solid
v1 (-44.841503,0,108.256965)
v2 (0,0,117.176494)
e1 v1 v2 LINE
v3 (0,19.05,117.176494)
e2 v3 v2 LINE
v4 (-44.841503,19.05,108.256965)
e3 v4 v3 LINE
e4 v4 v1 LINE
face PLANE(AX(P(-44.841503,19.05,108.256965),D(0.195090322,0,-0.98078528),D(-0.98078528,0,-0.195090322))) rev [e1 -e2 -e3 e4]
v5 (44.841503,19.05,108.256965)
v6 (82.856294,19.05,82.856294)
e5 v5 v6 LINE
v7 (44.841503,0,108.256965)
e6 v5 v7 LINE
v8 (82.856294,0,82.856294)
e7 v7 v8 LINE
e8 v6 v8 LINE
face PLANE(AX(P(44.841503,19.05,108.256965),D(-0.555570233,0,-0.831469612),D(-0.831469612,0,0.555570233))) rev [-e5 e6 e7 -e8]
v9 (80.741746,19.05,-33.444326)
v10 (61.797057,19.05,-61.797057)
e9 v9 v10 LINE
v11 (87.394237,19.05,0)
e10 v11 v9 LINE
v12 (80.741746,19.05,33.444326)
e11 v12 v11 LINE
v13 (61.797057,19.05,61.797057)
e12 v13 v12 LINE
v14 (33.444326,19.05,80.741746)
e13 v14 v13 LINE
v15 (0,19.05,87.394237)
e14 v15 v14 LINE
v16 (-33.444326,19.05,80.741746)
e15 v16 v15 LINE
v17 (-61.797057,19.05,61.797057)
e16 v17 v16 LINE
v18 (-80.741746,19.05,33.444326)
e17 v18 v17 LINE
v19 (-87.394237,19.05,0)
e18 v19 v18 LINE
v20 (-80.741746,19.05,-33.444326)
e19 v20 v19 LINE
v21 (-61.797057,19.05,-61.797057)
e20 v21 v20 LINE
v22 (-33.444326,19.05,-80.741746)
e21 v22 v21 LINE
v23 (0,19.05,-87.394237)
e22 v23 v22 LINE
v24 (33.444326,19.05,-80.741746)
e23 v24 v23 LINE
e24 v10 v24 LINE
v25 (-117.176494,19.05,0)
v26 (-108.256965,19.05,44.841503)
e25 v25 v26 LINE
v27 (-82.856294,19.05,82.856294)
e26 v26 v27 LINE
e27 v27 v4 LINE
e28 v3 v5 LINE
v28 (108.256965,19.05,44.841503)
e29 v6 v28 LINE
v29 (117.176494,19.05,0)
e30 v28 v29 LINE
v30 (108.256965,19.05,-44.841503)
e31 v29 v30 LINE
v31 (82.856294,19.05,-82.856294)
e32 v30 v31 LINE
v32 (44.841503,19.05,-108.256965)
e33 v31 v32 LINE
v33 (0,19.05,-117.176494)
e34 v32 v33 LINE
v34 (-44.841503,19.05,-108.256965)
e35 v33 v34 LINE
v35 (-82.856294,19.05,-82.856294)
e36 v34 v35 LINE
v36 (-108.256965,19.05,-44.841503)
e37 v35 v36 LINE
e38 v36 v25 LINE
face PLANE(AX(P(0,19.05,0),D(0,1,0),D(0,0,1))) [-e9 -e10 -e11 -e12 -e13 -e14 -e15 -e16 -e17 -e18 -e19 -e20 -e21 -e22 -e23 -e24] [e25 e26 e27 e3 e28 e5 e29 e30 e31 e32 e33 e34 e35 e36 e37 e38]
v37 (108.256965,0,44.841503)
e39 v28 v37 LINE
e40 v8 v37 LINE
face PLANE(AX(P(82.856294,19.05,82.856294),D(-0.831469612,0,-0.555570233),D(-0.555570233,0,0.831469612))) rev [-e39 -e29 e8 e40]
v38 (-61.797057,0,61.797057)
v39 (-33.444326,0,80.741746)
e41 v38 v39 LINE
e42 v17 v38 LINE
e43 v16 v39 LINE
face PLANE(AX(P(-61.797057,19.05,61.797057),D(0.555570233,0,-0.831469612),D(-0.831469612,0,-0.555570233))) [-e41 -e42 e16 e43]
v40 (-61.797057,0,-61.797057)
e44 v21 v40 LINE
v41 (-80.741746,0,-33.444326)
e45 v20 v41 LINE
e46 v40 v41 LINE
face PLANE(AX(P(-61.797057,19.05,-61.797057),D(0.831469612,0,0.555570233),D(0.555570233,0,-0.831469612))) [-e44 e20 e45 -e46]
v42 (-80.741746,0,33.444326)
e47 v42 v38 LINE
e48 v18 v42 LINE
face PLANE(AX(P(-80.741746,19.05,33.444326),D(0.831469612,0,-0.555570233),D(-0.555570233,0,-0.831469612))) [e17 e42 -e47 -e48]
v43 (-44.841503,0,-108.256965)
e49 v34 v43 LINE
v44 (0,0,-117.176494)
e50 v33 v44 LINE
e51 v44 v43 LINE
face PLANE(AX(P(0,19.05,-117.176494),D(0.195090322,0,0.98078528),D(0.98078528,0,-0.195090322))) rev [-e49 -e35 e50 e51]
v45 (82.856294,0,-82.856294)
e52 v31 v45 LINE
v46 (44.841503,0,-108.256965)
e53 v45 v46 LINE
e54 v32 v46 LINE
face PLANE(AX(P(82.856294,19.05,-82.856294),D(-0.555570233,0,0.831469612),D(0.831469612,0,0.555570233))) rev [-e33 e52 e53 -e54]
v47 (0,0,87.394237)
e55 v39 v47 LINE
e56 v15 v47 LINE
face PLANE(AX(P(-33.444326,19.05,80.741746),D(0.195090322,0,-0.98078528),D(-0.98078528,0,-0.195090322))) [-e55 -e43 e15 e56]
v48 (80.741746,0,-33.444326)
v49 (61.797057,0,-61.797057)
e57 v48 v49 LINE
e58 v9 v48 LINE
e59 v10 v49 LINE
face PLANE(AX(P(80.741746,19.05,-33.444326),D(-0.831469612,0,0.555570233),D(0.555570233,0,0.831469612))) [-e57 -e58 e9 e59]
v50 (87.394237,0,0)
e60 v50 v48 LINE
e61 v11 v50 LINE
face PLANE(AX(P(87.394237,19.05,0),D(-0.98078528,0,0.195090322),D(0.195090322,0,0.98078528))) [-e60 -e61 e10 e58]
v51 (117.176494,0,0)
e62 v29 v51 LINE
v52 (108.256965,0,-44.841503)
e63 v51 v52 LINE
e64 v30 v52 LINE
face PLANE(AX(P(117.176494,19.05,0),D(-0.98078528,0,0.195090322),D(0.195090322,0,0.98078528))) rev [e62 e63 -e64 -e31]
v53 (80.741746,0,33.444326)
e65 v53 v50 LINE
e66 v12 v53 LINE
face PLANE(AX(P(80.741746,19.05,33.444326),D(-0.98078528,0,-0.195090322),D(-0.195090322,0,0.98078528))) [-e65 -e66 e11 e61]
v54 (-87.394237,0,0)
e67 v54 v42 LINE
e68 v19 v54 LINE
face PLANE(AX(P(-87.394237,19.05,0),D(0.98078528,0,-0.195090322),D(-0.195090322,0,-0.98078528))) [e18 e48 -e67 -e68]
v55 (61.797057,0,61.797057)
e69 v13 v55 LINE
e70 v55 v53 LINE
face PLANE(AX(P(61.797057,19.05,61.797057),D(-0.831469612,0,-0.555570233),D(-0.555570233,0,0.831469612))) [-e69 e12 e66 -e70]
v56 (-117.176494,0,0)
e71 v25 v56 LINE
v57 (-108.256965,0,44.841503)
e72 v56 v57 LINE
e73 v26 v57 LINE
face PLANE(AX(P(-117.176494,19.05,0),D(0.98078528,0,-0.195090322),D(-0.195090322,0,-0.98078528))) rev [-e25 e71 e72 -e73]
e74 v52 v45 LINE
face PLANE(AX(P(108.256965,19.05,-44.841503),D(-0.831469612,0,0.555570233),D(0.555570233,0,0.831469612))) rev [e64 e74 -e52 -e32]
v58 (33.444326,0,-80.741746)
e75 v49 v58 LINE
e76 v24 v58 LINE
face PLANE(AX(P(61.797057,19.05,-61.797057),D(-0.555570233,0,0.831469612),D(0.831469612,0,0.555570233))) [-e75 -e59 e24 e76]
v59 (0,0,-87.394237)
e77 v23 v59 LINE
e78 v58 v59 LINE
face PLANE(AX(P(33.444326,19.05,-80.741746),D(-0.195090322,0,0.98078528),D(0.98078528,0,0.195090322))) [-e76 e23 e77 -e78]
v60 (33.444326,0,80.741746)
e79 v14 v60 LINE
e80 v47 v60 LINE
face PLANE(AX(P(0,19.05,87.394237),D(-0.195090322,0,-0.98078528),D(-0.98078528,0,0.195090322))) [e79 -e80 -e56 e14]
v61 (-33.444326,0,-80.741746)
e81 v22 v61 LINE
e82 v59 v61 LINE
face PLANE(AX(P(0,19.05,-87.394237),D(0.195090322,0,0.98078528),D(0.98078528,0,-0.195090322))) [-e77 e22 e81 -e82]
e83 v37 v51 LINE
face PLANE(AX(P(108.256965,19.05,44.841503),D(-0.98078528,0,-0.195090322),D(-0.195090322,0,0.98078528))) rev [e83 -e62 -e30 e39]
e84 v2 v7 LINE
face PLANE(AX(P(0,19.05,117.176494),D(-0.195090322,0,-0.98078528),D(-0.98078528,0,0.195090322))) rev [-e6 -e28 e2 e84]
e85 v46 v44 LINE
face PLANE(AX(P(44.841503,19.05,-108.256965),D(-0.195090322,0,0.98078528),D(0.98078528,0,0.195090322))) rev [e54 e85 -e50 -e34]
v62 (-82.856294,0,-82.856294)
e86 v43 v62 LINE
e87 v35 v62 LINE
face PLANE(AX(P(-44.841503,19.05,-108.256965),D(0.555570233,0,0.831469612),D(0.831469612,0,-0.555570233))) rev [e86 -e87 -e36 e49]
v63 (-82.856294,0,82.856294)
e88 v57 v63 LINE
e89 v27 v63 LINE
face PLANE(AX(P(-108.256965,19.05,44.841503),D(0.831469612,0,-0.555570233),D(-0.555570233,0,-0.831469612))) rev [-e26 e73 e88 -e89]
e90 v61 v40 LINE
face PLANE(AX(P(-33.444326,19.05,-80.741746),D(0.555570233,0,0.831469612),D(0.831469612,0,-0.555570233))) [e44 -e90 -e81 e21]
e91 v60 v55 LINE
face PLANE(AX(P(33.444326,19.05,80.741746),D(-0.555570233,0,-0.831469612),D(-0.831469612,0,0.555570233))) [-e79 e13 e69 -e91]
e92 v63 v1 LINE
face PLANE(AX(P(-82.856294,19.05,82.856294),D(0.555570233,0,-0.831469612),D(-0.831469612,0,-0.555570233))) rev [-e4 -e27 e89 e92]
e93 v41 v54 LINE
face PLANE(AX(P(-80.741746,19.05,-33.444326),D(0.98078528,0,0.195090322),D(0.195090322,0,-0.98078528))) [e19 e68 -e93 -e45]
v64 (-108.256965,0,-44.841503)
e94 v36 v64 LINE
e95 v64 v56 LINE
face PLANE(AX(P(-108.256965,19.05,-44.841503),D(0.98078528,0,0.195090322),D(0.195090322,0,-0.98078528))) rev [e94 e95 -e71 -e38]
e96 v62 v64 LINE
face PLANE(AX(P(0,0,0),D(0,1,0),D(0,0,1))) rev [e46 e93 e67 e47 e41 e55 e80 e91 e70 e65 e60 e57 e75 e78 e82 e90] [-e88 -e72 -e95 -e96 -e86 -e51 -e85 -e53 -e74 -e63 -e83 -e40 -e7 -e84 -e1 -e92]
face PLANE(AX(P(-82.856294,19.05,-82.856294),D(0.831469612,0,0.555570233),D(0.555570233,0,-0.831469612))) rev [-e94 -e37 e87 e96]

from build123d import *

# Parameters (mm, degrees)
BOSS_EXTRUDE1_DEPTH = 19.05


with BuildPart() as part:
    # Sketch1 → Boss-Extrude1 (new body)
    with BuildSketch(Plane(origin=(0, 0, 0), x_dir=(1, 0, 0), z_dir=(0, 1, 0))):
        Polygon((117.176494271, 0), (108.256964748, 44.84150302), (82.856293695, 82.856293695), (44.84150302, 108.256964748), (0, 117.176494271), (-44.84150302, 108.256964748), (-82.856293695, 82.856293695), (-108.256964748, 44.84150302), (-117.176494271, 0), (-108.256964748, -44.84150302), (-82.856293695, -82.856293695), (-44.84150302, -108.256964748), (0, -117.176494271), (44.84150302, -108.256964748), (82.856293695, -82.856293695), (108.256964748, -44.84150302), align=None)
        Polygon((87.394236539, 0), (80.741746398, 33.444326408), (61.797057294, 61.797057294), (33.444326408, 80.741746398), (0, 87.394236539), (-33.444326408, 80.741746398), (-61.797057294, 61.797057294), (-80.741746398, 33.444326408), (-87.394236539, 0), (-80.741746398, -33.444326408), (-61.797057294, -61.797057294), (-33.444326408, -80.741746398), (0, -87.394236539), (33.444326408, -80.741746398), (61.797057294, -61.797057294), (80.741746398, -33.444326408), align=None, mode=Mode.SUBTRACT)
    extrude(amount=BOSS_EXTRUDE1_DEPTH)


solid = part.part
